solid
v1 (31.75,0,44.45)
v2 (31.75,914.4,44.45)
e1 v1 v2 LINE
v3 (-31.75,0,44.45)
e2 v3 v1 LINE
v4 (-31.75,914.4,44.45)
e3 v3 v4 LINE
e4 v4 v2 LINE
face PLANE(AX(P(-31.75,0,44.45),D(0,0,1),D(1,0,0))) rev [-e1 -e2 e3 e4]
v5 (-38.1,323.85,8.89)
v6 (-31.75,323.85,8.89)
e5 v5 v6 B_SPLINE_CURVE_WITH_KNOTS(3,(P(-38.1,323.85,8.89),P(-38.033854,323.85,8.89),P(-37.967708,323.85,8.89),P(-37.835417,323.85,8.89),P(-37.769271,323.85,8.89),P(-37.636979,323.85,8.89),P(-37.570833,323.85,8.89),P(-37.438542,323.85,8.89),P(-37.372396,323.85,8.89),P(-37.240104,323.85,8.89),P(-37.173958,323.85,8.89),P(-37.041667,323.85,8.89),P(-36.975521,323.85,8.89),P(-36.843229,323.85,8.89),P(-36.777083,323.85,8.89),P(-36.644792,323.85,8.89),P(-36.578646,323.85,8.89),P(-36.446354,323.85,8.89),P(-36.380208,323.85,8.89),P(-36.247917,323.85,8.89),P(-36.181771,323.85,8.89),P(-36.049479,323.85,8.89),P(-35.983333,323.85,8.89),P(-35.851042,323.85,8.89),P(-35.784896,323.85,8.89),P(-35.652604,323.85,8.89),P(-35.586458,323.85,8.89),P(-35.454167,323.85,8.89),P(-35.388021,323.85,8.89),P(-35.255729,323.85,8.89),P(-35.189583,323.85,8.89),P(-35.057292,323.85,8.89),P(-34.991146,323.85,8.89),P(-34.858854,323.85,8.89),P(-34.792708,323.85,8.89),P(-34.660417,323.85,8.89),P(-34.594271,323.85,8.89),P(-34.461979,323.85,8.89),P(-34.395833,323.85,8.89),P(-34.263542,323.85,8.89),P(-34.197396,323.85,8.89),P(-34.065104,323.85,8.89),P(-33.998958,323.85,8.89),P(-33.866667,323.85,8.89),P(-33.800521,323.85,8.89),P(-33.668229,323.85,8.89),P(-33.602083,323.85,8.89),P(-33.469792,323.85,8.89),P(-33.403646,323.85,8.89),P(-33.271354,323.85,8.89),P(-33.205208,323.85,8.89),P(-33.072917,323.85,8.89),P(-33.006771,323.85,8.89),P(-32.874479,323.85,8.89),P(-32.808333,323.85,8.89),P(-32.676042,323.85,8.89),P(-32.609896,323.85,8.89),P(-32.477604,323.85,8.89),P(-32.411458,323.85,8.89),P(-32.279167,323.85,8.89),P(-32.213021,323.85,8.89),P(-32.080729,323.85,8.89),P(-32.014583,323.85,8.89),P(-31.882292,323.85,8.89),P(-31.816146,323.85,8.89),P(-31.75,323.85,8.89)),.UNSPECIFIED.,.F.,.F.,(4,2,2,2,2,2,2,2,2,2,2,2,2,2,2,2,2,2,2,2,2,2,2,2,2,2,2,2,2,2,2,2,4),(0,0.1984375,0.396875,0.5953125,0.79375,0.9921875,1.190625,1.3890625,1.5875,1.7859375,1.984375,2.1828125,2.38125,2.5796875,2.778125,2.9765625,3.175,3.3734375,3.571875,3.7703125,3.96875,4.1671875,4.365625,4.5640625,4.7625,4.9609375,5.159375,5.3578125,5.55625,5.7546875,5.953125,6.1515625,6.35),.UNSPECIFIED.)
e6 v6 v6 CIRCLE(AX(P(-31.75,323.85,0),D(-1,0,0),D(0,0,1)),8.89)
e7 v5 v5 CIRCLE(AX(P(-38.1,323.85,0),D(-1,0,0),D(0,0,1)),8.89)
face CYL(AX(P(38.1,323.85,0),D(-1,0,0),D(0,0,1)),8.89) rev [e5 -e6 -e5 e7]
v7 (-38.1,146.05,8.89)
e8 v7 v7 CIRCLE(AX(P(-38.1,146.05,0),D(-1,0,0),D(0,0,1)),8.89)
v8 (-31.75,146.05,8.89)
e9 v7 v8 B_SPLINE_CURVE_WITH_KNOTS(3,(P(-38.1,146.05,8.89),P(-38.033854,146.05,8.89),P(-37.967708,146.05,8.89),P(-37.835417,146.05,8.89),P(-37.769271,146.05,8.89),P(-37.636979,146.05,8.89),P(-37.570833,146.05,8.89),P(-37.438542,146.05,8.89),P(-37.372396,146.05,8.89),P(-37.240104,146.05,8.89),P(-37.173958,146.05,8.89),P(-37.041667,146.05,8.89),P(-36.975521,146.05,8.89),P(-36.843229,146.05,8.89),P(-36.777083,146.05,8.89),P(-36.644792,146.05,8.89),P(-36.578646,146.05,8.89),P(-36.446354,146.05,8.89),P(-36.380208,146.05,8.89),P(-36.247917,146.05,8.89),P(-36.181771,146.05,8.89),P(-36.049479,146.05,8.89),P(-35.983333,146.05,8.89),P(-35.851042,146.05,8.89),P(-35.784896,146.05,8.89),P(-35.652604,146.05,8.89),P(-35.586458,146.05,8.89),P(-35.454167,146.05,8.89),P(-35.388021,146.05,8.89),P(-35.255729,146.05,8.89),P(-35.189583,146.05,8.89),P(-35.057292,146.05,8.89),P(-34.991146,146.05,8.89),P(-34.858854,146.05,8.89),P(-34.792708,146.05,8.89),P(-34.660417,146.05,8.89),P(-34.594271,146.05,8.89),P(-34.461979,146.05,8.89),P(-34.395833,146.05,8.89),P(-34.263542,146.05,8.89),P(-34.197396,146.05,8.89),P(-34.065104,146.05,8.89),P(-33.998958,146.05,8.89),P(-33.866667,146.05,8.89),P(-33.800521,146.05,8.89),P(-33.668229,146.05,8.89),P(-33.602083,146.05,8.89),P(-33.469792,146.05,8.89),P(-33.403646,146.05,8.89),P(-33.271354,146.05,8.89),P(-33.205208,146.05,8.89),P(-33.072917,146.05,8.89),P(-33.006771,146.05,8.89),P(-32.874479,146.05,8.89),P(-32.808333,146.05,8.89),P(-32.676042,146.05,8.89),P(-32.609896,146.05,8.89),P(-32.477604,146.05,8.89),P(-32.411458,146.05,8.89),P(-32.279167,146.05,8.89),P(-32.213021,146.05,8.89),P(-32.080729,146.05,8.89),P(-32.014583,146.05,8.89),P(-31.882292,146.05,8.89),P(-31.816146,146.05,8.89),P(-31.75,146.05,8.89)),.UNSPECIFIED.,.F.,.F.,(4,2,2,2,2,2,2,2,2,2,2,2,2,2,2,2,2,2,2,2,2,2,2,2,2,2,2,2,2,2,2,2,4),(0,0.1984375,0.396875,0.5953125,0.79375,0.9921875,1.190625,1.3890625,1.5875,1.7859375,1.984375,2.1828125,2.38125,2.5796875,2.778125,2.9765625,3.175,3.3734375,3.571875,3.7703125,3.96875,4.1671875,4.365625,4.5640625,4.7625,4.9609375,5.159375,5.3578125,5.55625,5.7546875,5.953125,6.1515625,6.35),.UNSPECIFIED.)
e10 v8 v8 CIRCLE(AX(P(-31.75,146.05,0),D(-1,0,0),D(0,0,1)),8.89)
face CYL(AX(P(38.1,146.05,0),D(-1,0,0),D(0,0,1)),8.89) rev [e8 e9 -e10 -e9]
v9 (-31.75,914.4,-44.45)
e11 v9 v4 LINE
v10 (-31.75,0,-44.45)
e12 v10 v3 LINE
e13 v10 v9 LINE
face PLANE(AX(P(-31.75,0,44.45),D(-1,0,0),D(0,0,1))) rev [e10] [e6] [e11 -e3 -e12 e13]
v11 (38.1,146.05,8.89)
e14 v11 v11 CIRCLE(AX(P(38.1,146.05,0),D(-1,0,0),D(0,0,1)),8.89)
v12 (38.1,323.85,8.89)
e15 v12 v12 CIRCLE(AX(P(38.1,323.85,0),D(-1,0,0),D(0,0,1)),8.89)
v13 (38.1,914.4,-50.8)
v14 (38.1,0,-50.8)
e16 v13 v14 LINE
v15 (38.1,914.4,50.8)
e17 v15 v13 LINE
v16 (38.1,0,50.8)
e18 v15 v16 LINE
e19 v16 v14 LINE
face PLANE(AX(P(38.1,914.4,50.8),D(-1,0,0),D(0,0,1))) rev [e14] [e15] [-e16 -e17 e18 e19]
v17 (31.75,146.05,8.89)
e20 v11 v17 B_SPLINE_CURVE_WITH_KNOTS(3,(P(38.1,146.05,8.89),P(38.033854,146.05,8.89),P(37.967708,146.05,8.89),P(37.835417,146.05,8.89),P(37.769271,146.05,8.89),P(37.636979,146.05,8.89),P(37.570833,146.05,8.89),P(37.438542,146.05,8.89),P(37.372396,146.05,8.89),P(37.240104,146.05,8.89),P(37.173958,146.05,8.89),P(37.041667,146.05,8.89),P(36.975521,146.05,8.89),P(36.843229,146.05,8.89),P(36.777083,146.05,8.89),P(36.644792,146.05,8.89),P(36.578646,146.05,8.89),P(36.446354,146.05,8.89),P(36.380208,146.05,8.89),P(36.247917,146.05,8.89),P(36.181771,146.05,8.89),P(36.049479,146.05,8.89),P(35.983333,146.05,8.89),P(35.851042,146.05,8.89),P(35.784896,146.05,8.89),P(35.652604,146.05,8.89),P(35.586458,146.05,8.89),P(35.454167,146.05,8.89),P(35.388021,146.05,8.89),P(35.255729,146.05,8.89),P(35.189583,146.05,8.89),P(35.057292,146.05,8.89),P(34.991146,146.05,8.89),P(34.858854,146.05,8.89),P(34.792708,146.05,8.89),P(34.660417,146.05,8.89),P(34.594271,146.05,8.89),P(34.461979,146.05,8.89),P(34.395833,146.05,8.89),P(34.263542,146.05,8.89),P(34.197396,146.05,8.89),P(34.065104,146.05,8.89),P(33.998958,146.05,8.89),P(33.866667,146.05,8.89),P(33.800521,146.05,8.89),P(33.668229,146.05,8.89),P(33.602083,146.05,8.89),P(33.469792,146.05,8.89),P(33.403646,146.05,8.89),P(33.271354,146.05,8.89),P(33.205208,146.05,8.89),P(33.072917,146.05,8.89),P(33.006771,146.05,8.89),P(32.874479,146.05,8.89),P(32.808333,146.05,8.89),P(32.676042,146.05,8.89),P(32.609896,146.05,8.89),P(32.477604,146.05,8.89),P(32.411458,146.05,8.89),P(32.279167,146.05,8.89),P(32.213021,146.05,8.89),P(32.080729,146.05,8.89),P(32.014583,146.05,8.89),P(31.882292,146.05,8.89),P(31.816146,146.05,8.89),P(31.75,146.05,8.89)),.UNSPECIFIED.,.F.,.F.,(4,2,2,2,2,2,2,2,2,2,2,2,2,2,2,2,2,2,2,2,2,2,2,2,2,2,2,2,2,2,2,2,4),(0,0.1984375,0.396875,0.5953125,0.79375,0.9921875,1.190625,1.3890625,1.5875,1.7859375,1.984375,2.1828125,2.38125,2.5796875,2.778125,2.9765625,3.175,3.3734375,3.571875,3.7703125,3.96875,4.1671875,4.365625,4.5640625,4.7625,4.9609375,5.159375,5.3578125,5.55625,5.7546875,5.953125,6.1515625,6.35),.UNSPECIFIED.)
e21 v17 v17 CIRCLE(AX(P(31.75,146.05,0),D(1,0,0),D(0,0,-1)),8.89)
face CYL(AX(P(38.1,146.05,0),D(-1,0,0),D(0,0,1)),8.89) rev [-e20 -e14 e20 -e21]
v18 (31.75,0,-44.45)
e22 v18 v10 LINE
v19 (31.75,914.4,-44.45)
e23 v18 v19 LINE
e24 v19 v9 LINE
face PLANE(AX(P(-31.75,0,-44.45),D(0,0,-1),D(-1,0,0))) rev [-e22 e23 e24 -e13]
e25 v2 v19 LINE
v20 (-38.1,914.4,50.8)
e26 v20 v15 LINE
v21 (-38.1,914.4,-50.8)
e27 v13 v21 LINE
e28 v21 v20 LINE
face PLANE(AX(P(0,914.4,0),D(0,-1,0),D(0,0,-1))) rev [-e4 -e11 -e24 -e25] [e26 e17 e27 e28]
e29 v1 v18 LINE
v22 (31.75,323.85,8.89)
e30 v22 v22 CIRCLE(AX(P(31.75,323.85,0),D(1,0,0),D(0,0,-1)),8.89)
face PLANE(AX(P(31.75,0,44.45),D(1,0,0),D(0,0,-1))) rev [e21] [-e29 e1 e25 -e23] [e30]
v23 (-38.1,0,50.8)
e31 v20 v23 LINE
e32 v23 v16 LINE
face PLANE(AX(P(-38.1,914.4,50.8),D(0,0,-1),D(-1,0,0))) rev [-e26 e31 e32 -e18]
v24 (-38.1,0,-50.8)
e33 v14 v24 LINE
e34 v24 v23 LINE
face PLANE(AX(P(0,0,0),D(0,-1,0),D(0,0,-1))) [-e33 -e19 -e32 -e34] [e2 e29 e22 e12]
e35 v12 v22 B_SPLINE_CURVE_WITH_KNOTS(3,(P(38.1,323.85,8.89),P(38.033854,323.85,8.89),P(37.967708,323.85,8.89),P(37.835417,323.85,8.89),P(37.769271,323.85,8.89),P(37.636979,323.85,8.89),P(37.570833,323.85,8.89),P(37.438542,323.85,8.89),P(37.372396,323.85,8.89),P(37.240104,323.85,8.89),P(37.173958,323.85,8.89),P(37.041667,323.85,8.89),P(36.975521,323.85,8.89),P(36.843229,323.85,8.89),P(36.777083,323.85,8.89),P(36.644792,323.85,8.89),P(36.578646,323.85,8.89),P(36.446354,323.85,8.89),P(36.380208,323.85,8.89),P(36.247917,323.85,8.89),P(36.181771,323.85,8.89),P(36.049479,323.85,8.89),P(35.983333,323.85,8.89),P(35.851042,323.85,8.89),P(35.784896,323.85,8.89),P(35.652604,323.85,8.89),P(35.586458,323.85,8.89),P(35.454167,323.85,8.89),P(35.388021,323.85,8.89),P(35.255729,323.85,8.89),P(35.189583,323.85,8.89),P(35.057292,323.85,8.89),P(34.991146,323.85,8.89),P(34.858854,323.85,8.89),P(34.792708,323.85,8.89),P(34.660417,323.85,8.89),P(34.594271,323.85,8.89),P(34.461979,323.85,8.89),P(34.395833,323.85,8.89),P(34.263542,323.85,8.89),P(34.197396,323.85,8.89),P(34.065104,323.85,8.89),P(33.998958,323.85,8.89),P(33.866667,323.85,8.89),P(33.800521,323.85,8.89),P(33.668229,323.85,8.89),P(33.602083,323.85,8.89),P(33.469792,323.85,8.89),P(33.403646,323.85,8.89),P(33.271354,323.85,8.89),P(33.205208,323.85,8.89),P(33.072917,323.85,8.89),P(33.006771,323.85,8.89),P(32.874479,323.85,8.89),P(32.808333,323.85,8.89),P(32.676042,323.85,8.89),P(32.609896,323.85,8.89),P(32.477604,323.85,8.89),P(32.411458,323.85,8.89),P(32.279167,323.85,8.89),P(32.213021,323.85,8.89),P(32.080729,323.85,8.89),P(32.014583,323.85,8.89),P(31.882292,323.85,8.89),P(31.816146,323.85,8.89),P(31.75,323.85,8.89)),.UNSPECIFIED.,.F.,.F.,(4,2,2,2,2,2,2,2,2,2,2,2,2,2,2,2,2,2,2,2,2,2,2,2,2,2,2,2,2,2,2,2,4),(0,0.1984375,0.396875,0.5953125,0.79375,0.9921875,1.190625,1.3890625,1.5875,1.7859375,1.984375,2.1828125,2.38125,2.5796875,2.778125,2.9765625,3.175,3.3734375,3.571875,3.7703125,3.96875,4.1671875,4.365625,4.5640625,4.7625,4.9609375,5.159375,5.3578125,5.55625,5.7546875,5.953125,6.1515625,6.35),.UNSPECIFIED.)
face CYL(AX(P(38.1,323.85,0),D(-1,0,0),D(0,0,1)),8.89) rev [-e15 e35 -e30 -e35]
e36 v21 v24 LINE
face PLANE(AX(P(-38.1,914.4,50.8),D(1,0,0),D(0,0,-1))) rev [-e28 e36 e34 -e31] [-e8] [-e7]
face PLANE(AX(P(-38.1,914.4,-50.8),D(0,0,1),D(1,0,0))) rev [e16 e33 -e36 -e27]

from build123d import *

# Parameters (mm, degrees)
SKETCH1_W           = 76.2
SKETCH1_H           = 101.6
BOSS_EXTRUDE1_DEPTH = 914.4
SKETCH2_W           = 63.5
SKETCH2_H           = 88.9
CUT_EXTRUDE1_DEPTH  = 917.602209249
SKETCH3_R           = 8.89
CUT_EXTRUDE2_DEPTH  = 919.974667768


with BuildPart() as part:
    # Sketch1 → Boss-Extrude1 (new body)
    with BuildSketch(Plane(origin=(0, 0, 0), x_dir=(1, 0, 0), z_dir=(0, 1, 0))):
        Rectangle(SKETCH1_W, SKETCH1_H)
    extrude(amount=BOSS_EXTRUDE1_DEPTH)

    # Sketch2 → Cut-Extrude1 (cut, through all)
    with BuildSketch(Plane(origin=(0, 914.4, 0), x_dir=(1, 0, 0), z_dir=(0, 1, 0))):
        Rectangle(SKETCH2_W, SKETCH2_H)
    extrude(amount=-CUT_EXTRUDE1_DEPTH, mode=Mode.SUBTRACT)

    # Sketch3 → Cut-Extrude2 (cut, through all)
    with BuildSketch(Plane.ZY.offset(38.1)):
        with Locations((0, 146.05)):
            Circle(SKETCH3_R)
        with Locations((0, 323.85)):
            Circle(SKETCH3_R)
    extrude(amount=-CUT_EXTRUDE2_DEPTH, mode=Mode.SUBTRACT)


solid = part.part
